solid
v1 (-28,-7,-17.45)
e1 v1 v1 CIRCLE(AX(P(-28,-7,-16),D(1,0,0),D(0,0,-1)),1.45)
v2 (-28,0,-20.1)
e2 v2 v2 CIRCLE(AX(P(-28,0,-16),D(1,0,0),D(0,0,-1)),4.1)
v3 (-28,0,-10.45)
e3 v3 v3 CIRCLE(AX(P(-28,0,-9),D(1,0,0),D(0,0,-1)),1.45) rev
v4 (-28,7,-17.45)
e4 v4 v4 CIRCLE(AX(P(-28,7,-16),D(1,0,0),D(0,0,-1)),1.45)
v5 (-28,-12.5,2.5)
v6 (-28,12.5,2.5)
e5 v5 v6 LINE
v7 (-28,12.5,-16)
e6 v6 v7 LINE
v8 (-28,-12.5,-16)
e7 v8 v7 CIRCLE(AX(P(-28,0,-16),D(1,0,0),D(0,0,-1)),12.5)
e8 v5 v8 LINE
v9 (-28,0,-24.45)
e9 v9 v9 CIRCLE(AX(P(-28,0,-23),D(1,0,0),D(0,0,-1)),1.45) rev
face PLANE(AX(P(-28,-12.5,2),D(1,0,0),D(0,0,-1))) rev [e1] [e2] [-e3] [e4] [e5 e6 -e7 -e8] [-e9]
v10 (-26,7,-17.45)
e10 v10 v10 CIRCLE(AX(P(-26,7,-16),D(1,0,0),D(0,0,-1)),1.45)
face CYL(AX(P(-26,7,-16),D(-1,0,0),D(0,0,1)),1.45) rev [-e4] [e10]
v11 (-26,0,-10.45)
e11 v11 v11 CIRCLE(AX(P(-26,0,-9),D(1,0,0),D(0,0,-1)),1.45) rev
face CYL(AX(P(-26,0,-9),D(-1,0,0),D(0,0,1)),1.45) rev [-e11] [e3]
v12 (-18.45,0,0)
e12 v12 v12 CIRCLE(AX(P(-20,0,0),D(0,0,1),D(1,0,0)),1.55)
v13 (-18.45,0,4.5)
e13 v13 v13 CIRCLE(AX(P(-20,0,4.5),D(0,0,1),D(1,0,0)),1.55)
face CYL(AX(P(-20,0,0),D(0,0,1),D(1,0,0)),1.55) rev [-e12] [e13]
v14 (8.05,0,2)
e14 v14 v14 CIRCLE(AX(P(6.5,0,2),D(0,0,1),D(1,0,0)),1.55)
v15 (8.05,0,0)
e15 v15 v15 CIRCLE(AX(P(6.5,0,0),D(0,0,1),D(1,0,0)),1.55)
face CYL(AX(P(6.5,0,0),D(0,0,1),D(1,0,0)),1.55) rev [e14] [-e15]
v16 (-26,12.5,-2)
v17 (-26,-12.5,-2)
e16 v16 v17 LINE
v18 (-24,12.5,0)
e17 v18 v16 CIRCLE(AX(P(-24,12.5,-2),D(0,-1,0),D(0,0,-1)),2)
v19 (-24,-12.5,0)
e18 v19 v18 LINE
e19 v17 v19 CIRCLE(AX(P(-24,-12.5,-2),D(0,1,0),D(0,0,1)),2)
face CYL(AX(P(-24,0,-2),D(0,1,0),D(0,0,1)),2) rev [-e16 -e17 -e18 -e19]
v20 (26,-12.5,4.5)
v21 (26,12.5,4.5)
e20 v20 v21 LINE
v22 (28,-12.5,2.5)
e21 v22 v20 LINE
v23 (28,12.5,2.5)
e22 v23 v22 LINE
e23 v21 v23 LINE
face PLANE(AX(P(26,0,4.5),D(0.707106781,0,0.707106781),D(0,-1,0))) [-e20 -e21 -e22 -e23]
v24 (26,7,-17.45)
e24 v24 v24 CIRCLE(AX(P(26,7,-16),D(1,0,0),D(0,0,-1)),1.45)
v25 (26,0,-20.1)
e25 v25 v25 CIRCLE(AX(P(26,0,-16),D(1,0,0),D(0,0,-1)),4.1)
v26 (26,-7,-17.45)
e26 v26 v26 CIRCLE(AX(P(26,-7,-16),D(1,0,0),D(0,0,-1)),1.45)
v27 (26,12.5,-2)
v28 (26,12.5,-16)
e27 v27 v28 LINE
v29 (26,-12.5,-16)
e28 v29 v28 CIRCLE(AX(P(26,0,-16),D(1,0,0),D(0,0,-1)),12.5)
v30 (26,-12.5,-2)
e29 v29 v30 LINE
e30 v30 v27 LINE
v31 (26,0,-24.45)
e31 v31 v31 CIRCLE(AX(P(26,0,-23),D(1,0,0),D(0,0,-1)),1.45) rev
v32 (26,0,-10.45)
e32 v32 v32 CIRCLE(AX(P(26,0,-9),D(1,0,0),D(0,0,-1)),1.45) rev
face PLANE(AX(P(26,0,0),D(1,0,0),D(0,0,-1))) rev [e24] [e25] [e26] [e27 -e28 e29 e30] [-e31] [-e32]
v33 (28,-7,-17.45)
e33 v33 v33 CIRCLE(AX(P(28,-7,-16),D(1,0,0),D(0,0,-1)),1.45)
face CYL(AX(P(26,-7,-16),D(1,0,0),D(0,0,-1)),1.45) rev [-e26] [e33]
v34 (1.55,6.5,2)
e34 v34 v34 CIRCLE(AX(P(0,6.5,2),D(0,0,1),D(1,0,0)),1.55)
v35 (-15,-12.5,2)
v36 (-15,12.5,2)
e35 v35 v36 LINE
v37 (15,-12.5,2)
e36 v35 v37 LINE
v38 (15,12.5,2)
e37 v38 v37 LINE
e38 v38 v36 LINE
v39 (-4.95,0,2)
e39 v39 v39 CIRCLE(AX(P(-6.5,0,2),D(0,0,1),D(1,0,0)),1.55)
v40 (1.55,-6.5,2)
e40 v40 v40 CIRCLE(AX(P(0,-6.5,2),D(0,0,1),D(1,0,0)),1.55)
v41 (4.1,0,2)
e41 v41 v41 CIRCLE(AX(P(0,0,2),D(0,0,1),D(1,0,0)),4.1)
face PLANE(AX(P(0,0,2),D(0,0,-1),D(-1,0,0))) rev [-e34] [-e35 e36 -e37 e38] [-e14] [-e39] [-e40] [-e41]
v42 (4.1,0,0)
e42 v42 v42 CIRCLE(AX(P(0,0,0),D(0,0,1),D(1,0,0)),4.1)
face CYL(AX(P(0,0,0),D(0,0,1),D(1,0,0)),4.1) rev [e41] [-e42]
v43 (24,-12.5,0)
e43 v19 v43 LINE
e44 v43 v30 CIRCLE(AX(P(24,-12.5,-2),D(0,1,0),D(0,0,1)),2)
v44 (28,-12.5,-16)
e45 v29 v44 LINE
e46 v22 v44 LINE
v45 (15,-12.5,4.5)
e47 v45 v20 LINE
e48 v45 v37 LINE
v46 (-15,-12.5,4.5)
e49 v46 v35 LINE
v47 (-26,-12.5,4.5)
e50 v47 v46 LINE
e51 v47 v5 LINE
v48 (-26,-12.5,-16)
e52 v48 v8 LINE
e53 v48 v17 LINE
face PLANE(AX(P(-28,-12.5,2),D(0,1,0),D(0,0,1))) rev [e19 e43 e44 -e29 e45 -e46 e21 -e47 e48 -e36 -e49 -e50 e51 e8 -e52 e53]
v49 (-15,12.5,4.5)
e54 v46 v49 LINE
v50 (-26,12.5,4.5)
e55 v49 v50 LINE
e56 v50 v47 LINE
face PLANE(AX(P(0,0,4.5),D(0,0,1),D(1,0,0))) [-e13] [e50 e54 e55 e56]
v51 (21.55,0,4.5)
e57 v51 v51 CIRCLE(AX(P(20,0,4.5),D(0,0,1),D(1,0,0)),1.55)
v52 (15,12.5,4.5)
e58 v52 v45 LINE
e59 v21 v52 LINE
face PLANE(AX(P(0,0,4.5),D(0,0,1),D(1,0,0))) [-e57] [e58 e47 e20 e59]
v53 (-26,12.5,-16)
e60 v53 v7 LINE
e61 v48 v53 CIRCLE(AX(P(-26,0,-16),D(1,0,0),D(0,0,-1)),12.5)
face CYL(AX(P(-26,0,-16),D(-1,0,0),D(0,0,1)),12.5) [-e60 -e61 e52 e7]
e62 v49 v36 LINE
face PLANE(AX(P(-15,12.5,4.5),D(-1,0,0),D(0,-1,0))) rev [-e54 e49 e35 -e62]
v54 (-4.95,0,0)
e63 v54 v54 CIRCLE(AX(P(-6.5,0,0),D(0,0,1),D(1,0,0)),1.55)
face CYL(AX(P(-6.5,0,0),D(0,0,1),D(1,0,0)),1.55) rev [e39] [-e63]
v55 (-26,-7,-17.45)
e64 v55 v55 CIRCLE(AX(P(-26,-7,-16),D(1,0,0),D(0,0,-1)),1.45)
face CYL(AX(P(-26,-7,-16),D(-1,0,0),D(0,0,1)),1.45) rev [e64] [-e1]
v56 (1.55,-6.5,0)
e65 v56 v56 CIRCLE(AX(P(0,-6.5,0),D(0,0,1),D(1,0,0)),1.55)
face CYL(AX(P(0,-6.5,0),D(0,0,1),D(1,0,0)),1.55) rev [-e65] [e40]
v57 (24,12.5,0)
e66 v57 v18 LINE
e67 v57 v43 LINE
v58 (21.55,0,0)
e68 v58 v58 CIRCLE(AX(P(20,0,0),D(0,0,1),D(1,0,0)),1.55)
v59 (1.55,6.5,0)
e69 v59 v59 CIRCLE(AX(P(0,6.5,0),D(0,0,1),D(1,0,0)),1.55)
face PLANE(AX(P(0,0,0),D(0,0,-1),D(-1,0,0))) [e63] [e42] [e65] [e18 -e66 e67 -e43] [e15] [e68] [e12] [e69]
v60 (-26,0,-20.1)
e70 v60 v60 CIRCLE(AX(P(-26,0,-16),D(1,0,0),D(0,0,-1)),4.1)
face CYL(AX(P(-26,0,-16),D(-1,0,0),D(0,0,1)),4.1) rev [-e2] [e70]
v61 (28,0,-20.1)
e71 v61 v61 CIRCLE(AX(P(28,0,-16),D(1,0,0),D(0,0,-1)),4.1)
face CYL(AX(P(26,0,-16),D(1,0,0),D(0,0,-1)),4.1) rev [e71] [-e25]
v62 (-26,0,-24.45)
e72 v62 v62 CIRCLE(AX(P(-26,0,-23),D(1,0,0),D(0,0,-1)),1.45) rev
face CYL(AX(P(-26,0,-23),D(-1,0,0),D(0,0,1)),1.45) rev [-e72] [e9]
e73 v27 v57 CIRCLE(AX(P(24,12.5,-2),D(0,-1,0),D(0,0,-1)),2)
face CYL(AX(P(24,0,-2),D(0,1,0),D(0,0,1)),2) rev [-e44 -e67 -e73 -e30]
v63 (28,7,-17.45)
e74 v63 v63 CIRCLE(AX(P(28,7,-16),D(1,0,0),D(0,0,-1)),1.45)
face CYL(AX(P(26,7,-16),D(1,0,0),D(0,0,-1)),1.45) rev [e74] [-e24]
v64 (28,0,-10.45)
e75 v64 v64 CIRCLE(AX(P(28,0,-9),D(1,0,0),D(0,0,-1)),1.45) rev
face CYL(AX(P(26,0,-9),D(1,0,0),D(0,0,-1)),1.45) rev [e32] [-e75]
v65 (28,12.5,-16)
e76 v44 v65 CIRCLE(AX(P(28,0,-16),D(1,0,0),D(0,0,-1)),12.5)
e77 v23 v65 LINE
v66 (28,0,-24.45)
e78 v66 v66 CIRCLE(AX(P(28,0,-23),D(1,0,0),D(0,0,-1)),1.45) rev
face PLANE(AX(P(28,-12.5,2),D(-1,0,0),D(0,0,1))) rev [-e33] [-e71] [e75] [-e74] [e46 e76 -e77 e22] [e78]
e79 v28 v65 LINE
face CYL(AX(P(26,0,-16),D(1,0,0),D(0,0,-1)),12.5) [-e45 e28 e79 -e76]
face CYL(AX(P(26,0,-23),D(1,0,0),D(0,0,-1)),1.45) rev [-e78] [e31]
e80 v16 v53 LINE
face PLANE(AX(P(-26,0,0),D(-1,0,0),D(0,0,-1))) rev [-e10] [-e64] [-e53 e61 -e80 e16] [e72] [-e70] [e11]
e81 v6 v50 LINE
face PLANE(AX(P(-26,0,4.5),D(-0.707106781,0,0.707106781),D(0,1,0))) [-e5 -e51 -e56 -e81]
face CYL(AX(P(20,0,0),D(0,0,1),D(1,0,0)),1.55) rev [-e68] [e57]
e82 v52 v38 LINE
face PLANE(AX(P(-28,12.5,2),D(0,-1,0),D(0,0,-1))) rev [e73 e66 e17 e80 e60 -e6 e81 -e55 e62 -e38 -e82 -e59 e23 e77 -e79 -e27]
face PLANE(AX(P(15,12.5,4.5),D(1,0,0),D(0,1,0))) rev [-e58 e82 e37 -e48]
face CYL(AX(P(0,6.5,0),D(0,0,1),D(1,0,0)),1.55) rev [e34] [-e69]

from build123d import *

# Parameters (mm, degrees)
SKETCH_1_W          = 56
SKETCH_1_H          = 25
EXTRUDE_1_DEPTH     = 2
SKETCH_2_R          = 1.45
EXTRUDE_2_DEPTH     = 2
SKETCH_3_R          = 1.55
SKETCH_3_R_2        = 4.1
CUT_EXTRUDE_1_DEPTH = 2
FILLET_1_R          = 2
EXTRUDE_START       = 2.5
SKETCH_4_W          = 13
SKETCH_4_H          = 25
SKETCH_4_R          = 1.55
EXTRUDE_3_DEPTH     = 2.5
CHAMFER_1_SIZE      = 2


with BuildPart() as part:
    # Sketch 1 → Extrude 1 (new body)
    with BuildSketch(Plane.XY):
        Rectangle(SKETCH_1_W, SKETCH_1_H)
    extrude(amount=EXTRUDE_1_DEPTH)

    # Sketch 2 → Extrude 2 (add)
    with BuildSketch(Plane(origin=(28, 0, 0), x_dir=(0, 0, -1), z_dir=(1, 0, 0))):
        with BuildLine():
            Line((16, 12.5), (0, 12.5))
            Line((0, 12.5), (0, -12.5))
            Line((0, -12.5), (16, -12.5))
            ThreePointArc((16, -12.5), (21.8630197, -11.039701083), (26.356157589, -7))
            ThreePointArc((26.356157589, -7), (27.31423641, -5.313949046), (28, -3.5))
            ThreePointArc((28, -3.5), (28.374368671, -1.767766953), (28.5, 0))
            ThreePointArc((28.5, 0), (24.838834765, 8.838834765), (16, 12.5))
        make_face()
        with Locations((9, 0)):
            Circle(SKETCH_2_R, mode=Mode.SUBTRACT)
        with Locations((16, -7)):
            Circle(SKETCH_2_R, mode=Mode.SUBTRACT)
        with BuildLine():
            ThreePointArc((16, 4.1), (18.899137803, 2.899137803), (20.1, 0))
            ThreePointArc((20.1, 0), (13.100862197, -2.899137803), (16, 4.1))
        make_face(mode=Mode.SUBTRACT)
        with BuildLine():
            ThreePointArc((24.45, 0), (23, -1.45), (21.55, 0))
            ThreePointArc((21.55, 0), (23, 1.45), (24.45, 0))
        make_face(mode=Mode.SUBTRACT)
        with BuildLine():
            ThreePointArc((17.45, 7), (17.025304833, 5.974695167), (16, 5.55))
            ThreePointArc((16, 5.55), (14.974695167, 5.974695167), (14.55, 7))
            ThreePointArc((14.55, 7), (14.974695167, 8.025304833), (16, 8.45))
            ThreePointArc((16, 8.45), (17.025304833, 8.025304833), (17.45, 7))
        make_face(mode=Mode.SUBTRACT)
    extrude_2 = extrude(amount=-EXTRUDE_2_DEPTH)

    # Mirror 2: Extrude 2 across plane
    add(extrude_2.mirror(Plane.ZY))

    # Sketch 3 → Cut-Extrude 1 (cut)
    with BuildSketch(Plane.XY.offset(2)):
        with Locations((-20, 0)):
            Circle(SKETCH_3_R)
        with Locations((-6.5, 0)):
            Circle(SKETCH_3_R)
        with Locations((6.5, 0)):
            Circle(SKETCH_3_R)
        with Locations((0, -6.5)):
            Circle(SKETCH_3_R)
        Circle(SKETCH_3_R_2)
        with Locations((0, 6.5)):
            Circle(SKETCH_3_R)
        with Locations((20, 0)):
            Circle(SKETCH_3_R)
    extrude(amount=-CUT_EXTRUDE_1_DEPTH, mode=Mode.SUBTRACT)

    # Fillet 1
    fillet_1_edges = [part.edges().sort_by_distance(p)[0] for p in [
        (26, 0, 0),
        (-26, 0, 0),
    ]]
    fillet(fillet_1_edges, radius=FILLET_1_R)

    # Sketch 4 → Extrude 3 (add)
    # profile 1 of 2: a face of its own
    with BuildSketch(Plane.XY.offset(2).offset(EXTRUDE_START)):
        with Locations((-21.5, 0)):
            Rectangle(SKETCH_4_W, SKETCH_4_H)
        with Locations((-20, 0)):
            Circle(SKETCH_4_R, mode=Mode.SUBTRACT)
    # profile 2 of 2: a face of its own
    with BuildSketch(Plane.XY.offset(2).offset(EXTRUDE_START)):
        with Locations((21.5, 0)):
            Rectangle(SKETCH_4_W, SKETCH_4_H)
        with Locations((20, 0)):
            Circle(SKETCH_4_R, mode=Mode.SUBTRACT)
    extrude(amount=-EXTRUDE_3_DEPTH)

    # Chamfer 1
    chamfer_1_edges = [part.edges().sort_by_distance(p)[0] for p in [
        (-28, 0, 4.5),
        (28, 0, 4.5),
    ]]
    chamfer(chamfer_1_edges, length=CHAMFER_1_SIZE)


solid = part.part
